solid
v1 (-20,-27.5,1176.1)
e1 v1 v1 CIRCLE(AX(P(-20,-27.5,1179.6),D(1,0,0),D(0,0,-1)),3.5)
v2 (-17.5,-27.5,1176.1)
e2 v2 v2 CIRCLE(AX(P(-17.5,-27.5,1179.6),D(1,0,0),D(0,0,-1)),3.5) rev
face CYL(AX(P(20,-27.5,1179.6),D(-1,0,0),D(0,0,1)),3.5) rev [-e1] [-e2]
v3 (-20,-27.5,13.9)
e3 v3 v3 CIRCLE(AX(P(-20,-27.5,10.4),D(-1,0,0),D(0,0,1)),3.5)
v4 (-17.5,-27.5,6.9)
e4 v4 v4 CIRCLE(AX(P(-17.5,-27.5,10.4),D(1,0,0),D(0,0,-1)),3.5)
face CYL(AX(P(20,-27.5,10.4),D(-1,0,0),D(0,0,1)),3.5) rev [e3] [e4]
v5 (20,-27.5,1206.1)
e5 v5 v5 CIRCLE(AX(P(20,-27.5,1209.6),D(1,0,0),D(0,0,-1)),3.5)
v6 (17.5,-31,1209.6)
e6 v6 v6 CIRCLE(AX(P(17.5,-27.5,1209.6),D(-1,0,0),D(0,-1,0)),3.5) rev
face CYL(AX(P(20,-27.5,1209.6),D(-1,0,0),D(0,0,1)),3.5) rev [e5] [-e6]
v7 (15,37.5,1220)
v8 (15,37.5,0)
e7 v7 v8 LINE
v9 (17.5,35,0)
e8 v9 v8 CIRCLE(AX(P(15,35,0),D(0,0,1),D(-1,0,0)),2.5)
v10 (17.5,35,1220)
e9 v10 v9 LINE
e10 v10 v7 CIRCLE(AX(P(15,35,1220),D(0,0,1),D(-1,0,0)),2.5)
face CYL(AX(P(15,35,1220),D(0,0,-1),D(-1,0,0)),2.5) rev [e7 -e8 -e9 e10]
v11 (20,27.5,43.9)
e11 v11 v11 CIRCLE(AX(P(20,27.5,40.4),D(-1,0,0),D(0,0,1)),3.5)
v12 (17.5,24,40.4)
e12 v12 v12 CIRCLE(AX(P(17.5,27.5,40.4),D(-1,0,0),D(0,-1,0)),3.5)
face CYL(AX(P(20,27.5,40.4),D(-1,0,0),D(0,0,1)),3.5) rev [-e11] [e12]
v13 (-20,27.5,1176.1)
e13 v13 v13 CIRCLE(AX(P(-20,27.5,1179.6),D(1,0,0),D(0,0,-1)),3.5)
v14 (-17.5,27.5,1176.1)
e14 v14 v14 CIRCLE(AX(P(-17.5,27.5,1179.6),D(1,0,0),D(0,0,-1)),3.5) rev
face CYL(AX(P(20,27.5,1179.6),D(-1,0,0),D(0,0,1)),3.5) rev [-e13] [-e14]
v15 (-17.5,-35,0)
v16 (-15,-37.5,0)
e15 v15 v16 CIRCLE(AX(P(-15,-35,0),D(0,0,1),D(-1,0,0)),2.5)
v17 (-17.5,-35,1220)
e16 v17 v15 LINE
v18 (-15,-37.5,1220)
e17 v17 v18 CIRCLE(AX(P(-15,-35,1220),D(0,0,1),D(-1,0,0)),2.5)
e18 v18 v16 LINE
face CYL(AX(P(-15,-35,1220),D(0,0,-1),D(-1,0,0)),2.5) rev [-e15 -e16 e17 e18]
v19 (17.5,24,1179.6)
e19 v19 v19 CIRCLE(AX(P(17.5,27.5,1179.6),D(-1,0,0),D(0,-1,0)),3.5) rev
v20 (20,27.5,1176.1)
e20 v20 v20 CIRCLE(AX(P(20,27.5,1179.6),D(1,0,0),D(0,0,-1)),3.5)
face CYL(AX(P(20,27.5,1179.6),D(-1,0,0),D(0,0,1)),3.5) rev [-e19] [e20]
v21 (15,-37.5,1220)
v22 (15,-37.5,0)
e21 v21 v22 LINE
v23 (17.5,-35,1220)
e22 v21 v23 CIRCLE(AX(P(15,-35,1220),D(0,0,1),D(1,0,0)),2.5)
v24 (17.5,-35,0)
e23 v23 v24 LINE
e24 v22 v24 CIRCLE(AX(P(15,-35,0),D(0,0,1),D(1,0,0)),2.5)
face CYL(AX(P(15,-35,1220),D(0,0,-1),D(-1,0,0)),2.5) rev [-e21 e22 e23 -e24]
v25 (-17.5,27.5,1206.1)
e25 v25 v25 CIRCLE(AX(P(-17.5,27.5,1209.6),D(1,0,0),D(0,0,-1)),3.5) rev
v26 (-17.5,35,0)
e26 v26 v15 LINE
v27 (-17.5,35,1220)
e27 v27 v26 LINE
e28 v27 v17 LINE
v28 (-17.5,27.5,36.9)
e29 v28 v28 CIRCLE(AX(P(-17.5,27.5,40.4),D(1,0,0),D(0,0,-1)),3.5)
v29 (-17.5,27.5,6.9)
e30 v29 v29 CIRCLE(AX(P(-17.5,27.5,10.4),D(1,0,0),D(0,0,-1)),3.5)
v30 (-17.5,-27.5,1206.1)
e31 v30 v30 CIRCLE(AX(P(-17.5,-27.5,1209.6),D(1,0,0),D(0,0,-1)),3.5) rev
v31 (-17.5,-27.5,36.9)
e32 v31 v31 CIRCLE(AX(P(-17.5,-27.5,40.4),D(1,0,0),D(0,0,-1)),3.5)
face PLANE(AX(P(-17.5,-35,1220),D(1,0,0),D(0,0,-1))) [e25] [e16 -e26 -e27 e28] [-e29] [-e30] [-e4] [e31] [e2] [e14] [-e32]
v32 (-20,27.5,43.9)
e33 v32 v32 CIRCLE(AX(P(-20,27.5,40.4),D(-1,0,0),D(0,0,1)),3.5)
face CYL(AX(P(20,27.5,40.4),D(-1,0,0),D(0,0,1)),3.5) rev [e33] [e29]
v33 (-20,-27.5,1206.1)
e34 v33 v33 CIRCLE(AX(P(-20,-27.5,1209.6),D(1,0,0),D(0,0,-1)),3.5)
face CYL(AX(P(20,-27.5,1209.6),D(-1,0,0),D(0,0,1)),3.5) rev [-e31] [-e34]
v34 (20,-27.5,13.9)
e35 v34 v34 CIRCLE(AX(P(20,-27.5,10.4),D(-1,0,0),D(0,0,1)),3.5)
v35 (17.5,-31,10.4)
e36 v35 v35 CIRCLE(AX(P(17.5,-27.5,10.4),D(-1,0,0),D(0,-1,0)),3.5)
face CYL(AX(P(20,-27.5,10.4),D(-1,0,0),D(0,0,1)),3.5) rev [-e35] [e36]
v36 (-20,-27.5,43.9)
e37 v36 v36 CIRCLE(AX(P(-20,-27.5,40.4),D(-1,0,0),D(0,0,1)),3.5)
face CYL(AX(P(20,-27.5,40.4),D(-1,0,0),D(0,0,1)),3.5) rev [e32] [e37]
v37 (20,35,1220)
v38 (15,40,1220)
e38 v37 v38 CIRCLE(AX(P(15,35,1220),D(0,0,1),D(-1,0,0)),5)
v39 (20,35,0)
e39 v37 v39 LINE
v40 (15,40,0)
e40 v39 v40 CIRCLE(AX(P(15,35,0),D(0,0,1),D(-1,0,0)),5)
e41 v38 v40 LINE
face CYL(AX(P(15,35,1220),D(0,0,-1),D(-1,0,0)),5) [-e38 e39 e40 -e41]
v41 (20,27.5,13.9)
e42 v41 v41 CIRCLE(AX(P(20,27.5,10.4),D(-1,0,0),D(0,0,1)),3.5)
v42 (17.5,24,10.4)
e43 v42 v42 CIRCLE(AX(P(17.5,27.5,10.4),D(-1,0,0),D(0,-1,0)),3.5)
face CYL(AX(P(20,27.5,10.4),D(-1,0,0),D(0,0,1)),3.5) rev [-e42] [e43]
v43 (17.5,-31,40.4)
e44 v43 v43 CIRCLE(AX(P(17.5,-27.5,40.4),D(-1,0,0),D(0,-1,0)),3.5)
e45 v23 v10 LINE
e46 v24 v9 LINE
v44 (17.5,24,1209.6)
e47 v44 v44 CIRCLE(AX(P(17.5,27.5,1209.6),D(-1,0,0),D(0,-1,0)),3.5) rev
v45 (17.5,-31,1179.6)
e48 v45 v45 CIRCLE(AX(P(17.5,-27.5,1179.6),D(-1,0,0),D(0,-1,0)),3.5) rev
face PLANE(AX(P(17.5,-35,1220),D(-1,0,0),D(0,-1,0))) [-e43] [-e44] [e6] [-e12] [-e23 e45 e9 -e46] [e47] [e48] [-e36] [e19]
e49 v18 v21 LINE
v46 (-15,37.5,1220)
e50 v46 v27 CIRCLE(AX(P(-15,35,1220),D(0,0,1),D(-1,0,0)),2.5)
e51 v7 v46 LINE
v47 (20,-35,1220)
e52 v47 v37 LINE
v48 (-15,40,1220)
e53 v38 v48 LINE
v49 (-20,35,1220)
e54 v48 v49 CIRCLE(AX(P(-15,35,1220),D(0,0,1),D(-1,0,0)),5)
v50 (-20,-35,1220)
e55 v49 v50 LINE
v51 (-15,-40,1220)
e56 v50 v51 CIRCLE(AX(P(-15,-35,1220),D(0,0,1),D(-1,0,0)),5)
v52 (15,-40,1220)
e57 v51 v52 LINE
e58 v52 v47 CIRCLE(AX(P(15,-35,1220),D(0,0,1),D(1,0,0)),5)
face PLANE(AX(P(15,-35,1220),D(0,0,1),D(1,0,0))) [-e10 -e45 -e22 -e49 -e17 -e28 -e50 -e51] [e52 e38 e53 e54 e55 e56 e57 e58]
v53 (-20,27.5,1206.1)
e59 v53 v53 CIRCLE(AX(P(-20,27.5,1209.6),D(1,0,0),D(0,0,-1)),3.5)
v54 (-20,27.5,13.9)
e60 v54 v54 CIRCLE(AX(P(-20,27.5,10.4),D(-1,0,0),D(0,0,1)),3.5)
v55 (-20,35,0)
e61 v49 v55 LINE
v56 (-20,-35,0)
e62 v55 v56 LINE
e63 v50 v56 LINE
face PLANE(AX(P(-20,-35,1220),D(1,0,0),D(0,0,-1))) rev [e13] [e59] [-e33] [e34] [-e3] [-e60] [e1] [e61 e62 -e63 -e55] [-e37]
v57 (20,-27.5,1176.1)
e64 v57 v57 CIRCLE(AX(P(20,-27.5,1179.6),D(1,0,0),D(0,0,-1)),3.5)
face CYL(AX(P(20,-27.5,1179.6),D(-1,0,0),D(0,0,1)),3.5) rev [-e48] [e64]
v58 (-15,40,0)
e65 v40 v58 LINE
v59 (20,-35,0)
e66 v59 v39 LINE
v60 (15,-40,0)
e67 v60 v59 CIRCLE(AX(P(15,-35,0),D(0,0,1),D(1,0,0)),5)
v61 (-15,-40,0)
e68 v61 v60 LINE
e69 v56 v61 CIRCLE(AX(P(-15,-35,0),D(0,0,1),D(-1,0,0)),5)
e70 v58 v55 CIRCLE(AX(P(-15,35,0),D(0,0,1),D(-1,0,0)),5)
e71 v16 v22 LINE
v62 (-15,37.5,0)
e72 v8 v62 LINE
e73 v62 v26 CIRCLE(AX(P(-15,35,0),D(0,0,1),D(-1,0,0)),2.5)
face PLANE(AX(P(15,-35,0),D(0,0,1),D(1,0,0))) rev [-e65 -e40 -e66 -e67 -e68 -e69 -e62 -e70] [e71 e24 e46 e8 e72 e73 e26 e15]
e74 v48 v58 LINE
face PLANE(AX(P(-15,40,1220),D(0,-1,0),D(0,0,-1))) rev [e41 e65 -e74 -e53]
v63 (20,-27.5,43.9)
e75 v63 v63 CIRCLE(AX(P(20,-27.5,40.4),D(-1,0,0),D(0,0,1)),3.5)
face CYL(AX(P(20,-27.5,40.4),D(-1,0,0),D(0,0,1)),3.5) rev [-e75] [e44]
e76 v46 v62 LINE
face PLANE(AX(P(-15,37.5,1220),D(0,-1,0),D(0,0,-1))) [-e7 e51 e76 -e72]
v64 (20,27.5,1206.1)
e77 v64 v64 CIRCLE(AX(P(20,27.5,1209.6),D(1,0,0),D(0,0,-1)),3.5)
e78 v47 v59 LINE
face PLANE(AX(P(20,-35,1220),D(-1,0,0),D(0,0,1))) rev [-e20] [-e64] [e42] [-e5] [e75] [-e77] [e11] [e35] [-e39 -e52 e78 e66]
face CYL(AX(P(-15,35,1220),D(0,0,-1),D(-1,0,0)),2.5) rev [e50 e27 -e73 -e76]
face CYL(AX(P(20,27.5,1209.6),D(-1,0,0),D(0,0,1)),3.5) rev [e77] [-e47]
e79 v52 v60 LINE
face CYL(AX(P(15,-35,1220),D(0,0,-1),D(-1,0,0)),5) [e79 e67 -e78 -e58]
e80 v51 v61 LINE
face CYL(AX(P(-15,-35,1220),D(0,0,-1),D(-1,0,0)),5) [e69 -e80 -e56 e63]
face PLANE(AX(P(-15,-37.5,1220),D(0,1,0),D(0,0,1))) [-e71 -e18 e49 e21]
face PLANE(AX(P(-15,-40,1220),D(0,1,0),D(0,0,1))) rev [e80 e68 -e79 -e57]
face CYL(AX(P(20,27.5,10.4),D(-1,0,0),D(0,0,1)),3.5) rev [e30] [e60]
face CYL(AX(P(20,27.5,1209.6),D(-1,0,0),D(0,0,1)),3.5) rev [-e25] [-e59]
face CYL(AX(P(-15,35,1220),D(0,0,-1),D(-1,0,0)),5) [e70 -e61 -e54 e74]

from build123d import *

# Parameters (mm, degrees)
BOSS_EXTRUDE1_DEPTH = 1220
SKETCH2_R           = 3.5
CUT_EXTRUDE1_DEPTH  = 41


with BuildPart() as part:
    # Sketch1 → Boss-Extrude1 (new body)
    with BuildSketch(Plane.XY):
        with BuildLine():
            Line((-15, -40), (15, -40))
            ThreePointArc((15, -40), (18.535533906, -38.535533906), (20, -35))
            Line((20, -35), (20, 35))
            ThreePointArc((20, 35), (18.535533906, 38.535533906), (15, 40))
            Line((15, 40), (-15, 40))
            ThreePointArc((-15, 40), (-18.535533906, 38.535533906), (-20, 35))
            Line((-20, 35), (-20, -35))
            ThreePointArc((-20, -35), (-18.535533906, -38.535533906), (-15, -40))
        make_face()
        with BuildLine():
            Line((-17.5, -35), (-17.5, 35))
            ThreePointArc((-17.5, 35), (-16.767766953, 36.767766953), (-15, 37.5))
            Line((-15, 37.5), (15, 37.5))
            ThreePointArc((15, 37.5), (16.767766953, 36.767766953), (17.5, 35))
            Line((17.5, 35), (17.5, -35))
            ThreePointArc((17.5, -35), (16.767766953, -36.767766953), (15, -37.5))
            Line((15, -37.5), (-15, -37.5))
            ThreePointArc((-15, -37.5), (-16.767766953, -36.767766953), (-17.5, -35))
        make_face(mode=Mode.SUBTRACT)
    extrude(amount=BOSS_EXTRUDE1_DEPTH)

    # Sketch2 → Cut-Extrude1 (cut, through all)
    with BuildSketch(Plane.ZY.offset(20)):
        with Locations((10.4, 27.5)):
            Circle(SKETCH2_R)
        with Locations((40.4, 27.5)):
            Circle(SKETCH2_R)
        with Locations((40.4, -27.5)):
            Circle(SKETCH2_R)
        with Locations((10.4, -27.5)):
            Circle(SKETCH2_R)
    cut_extrude1 = extrude(amount=-CUT_EXTRUDE1_DEPTH, mode=Mode.SUBTRACT)

    # Mirror1: Cut-Extrude1 across plane
    add(cut_extrude1.mirror(Plane.XY.offset(610)), mode=Mode.SUBTRACT)


solid = part.part
